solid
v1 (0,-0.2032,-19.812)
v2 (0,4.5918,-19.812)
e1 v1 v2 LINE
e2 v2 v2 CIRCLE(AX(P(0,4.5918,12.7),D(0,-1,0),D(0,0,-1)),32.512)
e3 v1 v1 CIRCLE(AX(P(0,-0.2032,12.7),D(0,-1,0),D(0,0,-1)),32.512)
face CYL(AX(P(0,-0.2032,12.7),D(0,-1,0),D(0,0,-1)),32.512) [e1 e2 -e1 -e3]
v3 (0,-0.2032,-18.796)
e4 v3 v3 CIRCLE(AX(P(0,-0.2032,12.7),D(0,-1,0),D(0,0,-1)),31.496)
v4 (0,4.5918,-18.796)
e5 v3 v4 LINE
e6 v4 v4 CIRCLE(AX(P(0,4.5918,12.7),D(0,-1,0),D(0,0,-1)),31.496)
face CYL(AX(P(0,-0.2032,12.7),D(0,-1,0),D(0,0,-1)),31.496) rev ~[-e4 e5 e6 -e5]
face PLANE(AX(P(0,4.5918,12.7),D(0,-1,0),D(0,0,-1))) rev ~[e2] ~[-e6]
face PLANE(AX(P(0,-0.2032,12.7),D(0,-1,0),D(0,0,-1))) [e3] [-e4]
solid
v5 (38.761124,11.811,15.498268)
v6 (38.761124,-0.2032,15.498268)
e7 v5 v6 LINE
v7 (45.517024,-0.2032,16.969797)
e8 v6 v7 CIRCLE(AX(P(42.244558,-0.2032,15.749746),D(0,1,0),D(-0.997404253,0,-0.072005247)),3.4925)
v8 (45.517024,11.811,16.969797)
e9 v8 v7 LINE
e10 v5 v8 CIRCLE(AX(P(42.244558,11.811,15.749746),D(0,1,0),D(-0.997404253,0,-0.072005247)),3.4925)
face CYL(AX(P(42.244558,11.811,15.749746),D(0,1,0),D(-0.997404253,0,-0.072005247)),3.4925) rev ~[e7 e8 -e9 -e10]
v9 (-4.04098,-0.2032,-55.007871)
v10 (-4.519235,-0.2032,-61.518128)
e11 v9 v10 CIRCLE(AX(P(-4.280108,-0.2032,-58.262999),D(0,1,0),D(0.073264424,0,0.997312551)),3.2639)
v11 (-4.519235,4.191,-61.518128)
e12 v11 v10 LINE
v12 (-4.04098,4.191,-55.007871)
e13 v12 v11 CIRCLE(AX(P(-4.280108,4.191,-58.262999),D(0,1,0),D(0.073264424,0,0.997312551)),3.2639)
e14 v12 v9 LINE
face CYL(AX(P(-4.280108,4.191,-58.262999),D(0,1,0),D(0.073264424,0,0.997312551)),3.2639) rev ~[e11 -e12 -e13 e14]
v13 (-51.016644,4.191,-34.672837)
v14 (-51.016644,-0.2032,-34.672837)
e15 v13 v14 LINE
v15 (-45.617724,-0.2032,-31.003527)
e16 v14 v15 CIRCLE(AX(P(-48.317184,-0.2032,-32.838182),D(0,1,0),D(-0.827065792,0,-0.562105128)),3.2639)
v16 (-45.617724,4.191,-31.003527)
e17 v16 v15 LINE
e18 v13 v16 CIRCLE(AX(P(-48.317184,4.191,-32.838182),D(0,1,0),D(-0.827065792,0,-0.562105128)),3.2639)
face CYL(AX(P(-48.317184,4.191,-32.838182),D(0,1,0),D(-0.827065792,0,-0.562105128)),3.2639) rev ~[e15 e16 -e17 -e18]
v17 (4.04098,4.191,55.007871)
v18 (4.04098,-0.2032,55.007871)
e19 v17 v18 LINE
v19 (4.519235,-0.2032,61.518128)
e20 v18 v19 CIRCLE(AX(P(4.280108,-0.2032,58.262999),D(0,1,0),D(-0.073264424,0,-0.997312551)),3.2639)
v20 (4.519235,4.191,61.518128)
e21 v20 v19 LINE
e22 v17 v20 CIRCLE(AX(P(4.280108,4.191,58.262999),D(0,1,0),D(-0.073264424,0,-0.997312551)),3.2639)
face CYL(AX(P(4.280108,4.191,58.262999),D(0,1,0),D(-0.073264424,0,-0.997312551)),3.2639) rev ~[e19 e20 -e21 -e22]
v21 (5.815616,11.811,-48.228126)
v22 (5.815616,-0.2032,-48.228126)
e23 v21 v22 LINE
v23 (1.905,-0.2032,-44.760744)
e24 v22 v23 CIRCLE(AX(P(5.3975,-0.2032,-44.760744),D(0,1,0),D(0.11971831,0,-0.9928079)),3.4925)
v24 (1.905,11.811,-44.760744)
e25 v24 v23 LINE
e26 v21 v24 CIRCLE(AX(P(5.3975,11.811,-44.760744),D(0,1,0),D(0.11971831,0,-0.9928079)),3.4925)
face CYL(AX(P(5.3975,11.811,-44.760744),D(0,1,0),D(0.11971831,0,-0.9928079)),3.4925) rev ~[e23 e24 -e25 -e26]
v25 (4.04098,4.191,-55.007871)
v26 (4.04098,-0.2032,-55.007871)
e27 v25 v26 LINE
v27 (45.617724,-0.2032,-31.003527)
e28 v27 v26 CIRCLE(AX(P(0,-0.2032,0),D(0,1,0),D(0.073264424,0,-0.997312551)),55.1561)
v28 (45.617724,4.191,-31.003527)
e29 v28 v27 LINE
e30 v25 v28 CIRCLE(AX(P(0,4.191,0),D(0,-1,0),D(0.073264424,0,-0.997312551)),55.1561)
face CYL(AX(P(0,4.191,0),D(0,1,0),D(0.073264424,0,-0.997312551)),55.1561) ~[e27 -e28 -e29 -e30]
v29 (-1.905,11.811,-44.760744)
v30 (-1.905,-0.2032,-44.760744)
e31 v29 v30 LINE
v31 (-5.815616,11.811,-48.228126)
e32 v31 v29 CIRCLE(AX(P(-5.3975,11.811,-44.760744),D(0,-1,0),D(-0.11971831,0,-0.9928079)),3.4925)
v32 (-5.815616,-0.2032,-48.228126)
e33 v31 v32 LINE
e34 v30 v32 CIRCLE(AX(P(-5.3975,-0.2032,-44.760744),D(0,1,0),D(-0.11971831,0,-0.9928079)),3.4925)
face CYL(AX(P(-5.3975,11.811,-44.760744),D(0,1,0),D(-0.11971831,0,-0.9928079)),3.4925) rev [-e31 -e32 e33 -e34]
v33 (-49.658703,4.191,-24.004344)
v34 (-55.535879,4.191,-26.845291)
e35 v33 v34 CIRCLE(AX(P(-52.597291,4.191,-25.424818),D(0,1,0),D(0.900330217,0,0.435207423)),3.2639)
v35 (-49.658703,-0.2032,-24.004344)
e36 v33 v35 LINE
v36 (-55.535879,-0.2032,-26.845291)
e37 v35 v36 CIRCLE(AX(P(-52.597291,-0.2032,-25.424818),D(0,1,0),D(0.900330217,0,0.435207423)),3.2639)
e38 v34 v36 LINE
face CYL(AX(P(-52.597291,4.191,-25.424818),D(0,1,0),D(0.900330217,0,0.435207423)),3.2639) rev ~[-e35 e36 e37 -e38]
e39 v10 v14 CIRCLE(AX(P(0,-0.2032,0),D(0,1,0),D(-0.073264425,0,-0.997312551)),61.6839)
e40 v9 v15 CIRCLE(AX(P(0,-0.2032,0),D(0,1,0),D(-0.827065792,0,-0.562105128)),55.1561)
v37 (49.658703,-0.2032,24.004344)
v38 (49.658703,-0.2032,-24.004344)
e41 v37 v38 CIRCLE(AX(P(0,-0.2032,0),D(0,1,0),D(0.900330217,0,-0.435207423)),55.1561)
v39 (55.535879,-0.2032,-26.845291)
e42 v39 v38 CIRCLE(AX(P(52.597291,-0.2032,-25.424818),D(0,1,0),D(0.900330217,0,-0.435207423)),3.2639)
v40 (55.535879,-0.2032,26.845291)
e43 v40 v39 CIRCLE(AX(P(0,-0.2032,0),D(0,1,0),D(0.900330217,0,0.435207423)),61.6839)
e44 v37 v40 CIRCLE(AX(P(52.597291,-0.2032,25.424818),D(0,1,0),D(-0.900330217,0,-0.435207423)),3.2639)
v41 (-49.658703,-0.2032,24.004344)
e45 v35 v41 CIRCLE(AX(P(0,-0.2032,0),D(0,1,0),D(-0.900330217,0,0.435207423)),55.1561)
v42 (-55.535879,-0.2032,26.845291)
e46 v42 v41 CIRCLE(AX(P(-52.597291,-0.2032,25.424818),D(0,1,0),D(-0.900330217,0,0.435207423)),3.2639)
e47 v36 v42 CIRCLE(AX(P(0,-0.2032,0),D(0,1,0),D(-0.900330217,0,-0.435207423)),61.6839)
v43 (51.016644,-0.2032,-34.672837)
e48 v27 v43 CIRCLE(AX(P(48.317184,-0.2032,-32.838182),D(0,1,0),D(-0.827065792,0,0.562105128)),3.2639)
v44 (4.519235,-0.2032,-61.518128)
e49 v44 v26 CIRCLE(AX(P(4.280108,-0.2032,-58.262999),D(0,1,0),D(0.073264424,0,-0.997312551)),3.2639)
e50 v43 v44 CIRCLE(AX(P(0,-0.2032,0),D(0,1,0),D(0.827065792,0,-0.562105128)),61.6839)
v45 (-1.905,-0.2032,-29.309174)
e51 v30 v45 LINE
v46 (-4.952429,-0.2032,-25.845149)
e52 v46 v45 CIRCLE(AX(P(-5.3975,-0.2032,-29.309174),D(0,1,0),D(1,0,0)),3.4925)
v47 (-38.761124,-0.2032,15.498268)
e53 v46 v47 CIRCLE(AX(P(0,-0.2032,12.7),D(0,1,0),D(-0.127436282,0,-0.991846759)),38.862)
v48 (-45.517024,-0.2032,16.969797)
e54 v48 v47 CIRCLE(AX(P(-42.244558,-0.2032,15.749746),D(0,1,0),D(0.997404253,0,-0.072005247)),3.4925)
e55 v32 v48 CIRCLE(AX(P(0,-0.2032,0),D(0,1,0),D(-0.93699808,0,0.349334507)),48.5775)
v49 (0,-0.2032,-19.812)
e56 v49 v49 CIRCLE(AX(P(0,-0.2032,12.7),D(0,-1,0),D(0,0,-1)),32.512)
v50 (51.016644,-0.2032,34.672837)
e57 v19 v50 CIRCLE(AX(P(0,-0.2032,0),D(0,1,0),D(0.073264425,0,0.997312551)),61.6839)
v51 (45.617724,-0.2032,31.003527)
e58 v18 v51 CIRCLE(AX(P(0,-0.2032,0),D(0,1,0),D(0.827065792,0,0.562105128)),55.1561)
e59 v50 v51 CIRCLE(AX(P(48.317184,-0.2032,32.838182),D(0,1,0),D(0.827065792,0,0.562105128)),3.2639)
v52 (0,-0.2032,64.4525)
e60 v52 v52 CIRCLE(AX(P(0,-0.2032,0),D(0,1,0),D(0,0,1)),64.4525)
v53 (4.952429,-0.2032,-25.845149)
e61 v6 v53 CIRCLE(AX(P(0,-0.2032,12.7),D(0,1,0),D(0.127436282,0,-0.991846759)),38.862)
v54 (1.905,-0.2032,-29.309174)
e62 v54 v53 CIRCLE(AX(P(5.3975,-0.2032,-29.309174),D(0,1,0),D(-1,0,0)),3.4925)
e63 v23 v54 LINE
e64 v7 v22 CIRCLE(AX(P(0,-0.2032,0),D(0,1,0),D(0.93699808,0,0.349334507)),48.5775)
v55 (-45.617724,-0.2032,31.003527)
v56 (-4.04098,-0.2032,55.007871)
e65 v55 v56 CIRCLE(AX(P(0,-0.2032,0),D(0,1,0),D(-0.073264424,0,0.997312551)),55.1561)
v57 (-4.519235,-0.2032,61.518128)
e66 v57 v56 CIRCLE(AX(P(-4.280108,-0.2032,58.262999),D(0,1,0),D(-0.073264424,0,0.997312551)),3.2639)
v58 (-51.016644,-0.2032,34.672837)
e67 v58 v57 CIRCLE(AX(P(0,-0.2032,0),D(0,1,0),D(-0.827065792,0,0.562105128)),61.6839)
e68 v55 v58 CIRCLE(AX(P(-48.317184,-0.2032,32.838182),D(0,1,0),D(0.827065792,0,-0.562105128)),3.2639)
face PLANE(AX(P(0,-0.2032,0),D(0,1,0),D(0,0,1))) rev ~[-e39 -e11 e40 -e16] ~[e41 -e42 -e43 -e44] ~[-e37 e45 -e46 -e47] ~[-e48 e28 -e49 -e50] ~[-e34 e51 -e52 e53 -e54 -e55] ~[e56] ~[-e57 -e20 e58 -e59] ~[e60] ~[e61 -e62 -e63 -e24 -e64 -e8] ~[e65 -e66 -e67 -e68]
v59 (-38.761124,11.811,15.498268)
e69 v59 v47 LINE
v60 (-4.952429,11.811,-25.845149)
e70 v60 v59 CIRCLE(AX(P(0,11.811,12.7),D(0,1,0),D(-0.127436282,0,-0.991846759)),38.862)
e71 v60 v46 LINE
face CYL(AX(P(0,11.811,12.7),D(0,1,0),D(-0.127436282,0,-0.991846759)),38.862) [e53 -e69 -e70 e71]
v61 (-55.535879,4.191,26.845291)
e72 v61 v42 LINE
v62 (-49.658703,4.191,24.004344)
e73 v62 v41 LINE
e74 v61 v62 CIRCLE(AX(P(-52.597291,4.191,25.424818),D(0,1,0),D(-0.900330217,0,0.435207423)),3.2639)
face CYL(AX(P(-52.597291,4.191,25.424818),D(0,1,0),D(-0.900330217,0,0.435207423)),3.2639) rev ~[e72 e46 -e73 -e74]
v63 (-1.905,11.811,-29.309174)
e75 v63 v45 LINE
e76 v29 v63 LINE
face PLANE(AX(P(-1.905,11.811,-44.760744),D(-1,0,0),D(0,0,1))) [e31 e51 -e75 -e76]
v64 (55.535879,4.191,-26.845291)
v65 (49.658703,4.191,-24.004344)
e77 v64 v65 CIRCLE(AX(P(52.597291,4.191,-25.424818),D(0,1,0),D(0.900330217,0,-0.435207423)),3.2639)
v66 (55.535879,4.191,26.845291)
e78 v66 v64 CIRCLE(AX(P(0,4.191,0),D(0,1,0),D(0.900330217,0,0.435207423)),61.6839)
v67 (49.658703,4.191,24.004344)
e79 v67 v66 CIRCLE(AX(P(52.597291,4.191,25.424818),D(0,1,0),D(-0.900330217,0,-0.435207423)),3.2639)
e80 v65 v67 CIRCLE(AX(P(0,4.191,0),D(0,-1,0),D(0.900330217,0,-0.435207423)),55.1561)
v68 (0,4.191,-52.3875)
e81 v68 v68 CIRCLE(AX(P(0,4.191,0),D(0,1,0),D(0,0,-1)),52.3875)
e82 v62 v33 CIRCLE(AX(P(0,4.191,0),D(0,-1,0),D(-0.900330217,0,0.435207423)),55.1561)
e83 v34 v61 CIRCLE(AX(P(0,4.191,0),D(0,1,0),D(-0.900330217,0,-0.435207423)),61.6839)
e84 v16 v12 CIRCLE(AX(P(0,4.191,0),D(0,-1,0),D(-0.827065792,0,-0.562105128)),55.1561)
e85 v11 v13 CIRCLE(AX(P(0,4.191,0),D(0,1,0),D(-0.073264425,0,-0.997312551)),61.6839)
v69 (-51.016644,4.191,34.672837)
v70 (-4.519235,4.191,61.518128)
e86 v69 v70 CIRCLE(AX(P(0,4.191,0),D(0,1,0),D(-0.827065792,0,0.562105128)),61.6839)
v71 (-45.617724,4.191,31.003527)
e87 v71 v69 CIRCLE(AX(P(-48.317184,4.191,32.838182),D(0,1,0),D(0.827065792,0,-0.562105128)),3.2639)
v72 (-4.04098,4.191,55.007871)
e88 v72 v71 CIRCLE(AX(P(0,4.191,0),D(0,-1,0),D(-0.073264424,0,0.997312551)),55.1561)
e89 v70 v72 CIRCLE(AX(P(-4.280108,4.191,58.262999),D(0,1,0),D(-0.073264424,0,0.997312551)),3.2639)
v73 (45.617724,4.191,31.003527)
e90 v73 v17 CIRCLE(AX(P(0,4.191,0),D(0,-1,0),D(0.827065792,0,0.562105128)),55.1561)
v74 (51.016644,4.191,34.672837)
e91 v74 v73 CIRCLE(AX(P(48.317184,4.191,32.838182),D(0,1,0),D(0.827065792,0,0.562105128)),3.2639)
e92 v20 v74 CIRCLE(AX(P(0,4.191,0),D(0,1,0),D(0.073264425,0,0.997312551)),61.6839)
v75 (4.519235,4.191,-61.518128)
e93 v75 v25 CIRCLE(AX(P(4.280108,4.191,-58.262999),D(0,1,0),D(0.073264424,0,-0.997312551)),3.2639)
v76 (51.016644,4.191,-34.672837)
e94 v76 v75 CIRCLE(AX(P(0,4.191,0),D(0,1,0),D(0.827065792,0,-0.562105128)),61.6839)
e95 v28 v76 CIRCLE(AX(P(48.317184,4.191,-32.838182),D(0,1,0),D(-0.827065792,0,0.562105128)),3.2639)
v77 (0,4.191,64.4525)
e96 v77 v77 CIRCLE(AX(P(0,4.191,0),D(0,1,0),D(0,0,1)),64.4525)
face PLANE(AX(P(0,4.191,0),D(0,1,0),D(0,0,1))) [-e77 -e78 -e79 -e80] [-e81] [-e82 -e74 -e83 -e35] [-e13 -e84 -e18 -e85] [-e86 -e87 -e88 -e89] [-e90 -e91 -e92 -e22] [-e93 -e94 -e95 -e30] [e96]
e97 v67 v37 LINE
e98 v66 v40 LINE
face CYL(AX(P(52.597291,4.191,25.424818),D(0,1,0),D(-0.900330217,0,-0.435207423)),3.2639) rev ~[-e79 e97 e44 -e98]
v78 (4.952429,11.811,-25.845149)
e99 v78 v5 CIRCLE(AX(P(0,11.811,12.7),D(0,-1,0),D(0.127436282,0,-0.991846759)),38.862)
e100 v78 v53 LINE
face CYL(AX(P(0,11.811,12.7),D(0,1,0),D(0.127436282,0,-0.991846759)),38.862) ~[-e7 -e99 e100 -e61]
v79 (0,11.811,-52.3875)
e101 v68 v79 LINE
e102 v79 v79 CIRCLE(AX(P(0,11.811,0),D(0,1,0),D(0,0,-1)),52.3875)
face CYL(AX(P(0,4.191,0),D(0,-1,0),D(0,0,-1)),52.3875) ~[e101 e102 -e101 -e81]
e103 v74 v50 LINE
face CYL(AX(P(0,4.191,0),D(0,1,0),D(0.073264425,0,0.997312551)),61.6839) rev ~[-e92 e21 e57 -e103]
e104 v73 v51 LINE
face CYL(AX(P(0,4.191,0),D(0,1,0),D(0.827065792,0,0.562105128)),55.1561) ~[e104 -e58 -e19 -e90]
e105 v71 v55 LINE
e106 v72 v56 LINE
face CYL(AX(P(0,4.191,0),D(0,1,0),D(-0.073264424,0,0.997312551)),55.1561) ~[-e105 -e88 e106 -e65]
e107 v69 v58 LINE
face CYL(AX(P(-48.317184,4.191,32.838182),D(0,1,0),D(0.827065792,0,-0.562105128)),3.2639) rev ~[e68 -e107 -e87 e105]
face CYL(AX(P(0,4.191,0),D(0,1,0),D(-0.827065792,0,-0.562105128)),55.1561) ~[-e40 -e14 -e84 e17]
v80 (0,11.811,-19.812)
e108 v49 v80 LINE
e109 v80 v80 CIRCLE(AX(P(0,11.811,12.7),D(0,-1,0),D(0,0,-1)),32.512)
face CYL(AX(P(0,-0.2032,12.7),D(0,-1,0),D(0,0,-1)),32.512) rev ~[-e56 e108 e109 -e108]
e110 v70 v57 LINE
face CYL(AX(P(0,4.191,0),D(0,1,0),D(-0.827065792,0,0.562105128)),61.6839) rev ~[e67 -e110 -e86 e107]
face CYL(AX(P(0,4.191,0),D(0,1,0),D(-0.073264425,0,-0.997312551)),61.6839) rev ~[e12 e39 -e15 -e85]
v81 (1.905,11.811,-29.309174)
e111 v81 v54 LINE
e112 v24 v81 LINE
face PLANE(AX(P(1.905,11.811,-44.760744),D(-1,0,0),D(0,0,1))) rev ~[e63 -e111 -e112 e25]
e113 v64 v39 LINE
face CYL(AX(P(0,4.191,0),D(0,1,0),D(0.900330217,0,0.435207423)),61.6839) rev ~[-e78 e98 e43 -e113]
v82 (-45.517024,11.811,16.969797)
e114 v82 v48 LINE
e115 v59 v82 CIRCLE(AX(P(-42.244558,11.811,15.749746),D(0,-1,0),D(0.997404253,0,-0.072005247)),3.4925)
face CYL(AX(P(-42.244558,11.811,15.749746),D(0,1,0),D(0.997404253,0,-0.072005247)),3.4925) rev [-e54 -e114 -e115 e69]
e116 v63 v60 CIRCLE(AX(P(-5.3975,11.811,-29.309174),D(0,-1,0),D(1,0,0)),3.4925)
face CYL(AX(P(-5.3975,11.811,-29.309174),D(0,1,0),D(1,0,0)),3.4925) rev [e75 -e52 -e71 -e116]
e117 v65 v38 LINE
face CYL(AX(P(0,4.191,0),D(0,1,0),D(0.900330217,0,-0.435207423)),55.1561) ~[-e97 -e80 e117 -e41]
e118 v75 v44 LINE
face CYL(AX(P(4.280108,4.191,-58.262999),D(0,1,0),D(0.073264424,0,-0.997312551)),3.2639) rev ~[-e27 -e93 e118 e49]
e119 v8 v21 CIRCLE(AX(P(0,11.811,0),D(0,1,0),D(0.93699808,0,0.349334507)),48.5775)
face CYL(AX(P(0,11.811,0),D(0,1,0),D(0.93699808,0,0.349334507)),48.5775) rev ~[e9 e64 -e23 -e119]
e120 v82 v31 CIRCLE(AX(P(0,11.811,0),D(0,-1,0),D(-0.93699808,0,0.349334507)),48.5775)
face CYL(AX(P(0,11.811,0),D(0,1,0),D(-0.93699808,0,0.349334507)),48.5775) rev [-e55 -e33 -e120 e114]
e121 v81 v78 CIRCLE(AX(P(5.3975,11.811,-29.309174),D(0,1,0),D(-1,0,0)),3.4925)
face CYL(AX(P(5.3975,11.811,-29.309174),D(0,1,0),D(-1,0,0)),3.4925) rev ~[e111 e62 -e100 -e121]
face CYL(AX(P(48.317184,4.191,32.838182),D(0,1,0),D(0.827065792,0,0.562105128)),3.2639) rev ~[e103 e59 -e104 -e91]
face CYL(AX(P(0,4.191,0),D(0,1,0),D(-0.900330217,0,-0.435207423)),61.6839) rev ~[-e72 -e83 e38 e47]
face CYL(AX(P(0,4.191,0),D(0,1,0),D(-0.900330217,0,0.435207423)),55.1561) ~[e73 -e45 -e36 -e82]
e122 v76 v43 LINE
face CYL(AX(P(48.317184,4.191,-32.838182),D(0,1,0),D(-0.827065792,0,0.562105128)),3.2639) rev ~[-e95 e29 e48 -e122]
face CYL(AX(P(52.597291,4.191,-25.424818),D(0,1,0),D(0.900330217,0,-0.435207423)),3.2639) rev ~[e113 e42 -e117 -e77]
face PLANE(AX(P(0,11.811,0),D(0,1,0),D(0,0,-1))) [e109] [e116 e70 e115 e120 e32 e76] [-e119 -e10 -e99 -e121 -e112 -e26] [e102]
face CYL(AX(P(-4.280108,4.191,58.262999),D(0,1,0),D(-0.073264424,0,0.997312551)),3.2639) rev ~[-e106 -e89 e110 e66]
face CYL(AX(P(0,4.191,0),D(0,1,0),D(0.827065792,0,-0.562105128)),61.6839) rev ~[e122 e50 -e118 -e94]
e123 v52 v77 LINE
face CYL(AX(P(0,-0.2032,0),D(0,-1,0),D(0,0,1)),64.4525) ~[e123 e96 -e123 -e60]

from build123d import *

# Parameters (mm, degrees)
SLOTTED_BODY_EXTRUDE_DEPTH      = 4.191
SLOTTED_BODY_EXTRUDE_DEPTH_BACK = 0.2032
SKETCH1_R                       = 64.4525
SKETCH1_R_2                     = 30.988
SKETCH5_R                       = 52.3875
BOSS_EXTRUDE3_DEPTH             = 7.62
SKETCH6_R                       = 32.512
CUT_EXTRUDE5_DEPTH              = 92.937971014
SKETCH8_R                       = 32.512
SKETCH8_R_2                     = 31.496
BOSS_EXTRUDE4_DEPTH             = 4.795000062
CUT_EXTRUDE6_DEPTH              = 92.937971014
CUT_EXTRUDE7_DEPTH              = 92.467556612


with BuildPart() as part:
    # Sketch1 → Slotted-Body Extrude (new, two sides: drawn at the far end of the back side and taken through both)
    with BuildSketch(Plane(origin=(0, 0, 0), x_dir=(1, 0, 0), z_dir=(0, 1, 0)).offset(-SLOTTED_BODY_EXTRUDE_DEPTH_BACK)):
        Circle(SKETCH1_R)
        with Locations((0, -12.7)):
            Circle(SKETCH1_R_2, mode=Mode.SUBTRACT)
    extrude(amount=SLOTTED_BODY_EXTRUDE_DEPTH + SLOTTED_BODY_EXTRUDE_DEPTH_BACK)

    # Sketch5 → Boss-Extrude3 (add)
    with BuildSketch(Plane(origin=(0, 4.191, 0), x_dir=(1, 0, 0), z_dir=(0, 1, 0))):
        Circle(SKETCH5_R)
    extrude(amount=BOSS_EXTRUDE3_DEPTH)

    # Sketch6 → Cut-Extrude5 (cut, through all)
    with BuildSketch(Plane.XZ.offset(0.2032)):
        with Locations((0, 12.7)):
            Circle(SKETCH6_R)
    extrude(amount=-CUT_EXTRUDE5_DEPTH, mode=Mode.SUBTRACT)

    # Sketch16 → Cut-Extrude6 (cut, through all)
    with BuildSketch(Plane(origin=(0, 11.811, 0), x_dir=(1, 0, 0), z_dir=(0, 1, 0))):
        with BuildLine():
            ThreePointArc((5.815616197, 48.228125762), (3.080466829, 47.37396317), (1.905, 44.760744171))
            Line((1.905, 44.760744171), (1.905, 29.30917357))
            ThreePointArc((1.905, 29.30917357), (2.775290296, 27.00232019), (4.952428786, 25.845148763))
            ThreePointArc((4.952428786, 25.845148763), (30.083852846, 11.901155297), (38.761124089, -15.498267924))
            ThreePointArc((38.761124089, -15.498267924), (41.501270881, -19.162235056), (45.517024238, -16.969797016))
            ThreePointArc((45.517024238, -16.969797016), (41.490387768, 25.265019871), (5.815616197, 48.228125762))
        make_face()
        with BuildLine():
            Line((-1.905, 29.30917357), (-1.905, 44.760744171))
            ThreePointArc((-1.905, 44.760744171), (-3.080466829, 47.37396317), (-5.815616197, 48.228125762))
            ThreePointArc((-5.815616197, 48.228125762), (-41.490387768, 25.265019871), (-45.517024238, -16.969797016))
            ThreePointArc((-45.517024238, -16.969797016), (-41.501270881, -19.162235056), (-38.761124089, -15.498267924))
            ThreePointArc((-38.761124089, -15.498267924), (-30.083852846, 11.901155297), (-4.952428786, 25.845148763))
            ThreePointArc((-4.952428786, 25.845148763), (-2.775290296, 27.00232019), (-1.905, 29.30917357))
        make_face()
    extrude(amount=-CUT_EXTRUDE6_DEPTH, mode=Mode.SUBTRACT)

    # Sketch12 → Cut-Extrude7 (cut, through all)
    with BuildSketch(Plane(origin=(0, 4.191, 0), x_dir=(1, 0, 0), z_dir=(0, 1, 0))):
        with BuildLine():
            ThreePointArc((-51.016643626, -34.67283652), (-30.84195, -53.419824404), (-4.519235435, -61.518127656))
            ThreePointArc((-4.519235435, -61.518127656), (-1.024979245, -58.502126976), (-4.040979925, -55.007870786))
            ThreePointArc((-4.040979925, -55.007870786), (-27.57805, -47.766583774), (-45.617723547, -31.003526664))
            ThreePointArc((-45.617723547, -31.003526664), (-50.151838514, -30.138721553), (-51.016643626, -34.67283652))
        make_face()
        with BuildLine():
            ThreePointArc((-55.535879061, -26.845291136), (-51.176817759, -28.363405424), (-49.658703471, -24.004344122))
            ThreePointArc((-49.658703471, -24.004344122), (-55.1561, 0), (-49.658703471, 24.004344122))
            ThreePointArc((-49.658703471, 24.004344122), (-51.176817759, 28.363405424), (-55.535879061, 26.845291136))
            ThreePointArc((-55.535879061, 26.845291136), (-61.6839, 0), (-55.535879061, -26.845291136))
        make_face()
        with BuildLine():
            ThreePointArc((-51.016643626, 34.67283652), (-50.151838514, 30.138721553), (-45.617723547, 31.003526664))
            ThreePointArc((-45.617723547, 31.003526664), (-27.57805, 47.766583774), (-4.040979925, 55.007870786))
            ThreePointArc((-4.040979925, 55.007870786), (-1.024979245, 58.502126976), (-4.519235435, 61.518127656))
            ThreePointArc((-4.519235435, 61.518127656), (-30.84195, 53.419824404), (-51.016643626, 34.67283652))
        make_face()
        with BuildLine():
            ThreePointArc((4.519235435, 61.518127656), (1.024979245, 58.502126976), (4.040979925, 55.007870786))
            ThreePointArc((4.040979925, 55.007870786), (27.57805, 47.766583774), (45.617723547, 31.003526664))
            ThreePointArc((45.617723547, 31.003526664), (50.151838514, 30.138721553), (51.016643626, 34.67283652))
            ThreePointArc((51.016643626, 34.67283652), (30.84195, 53.419824404), (4.519235435, 61.518127656))
        make_face()
        with BuildLine():
            ThreePointArc((55.535879061, 26.845291136), (51.176817759, 28.363405424), (49.658703471, 24.004344122))
            ThreePointArc((49.658703471, 24.004344122), (55.1561, 0), (49.658703471, -24.004344122))
            ThreePointArc((49.658703471, -24.004344122), (51.176817759, -28.363405424), (55.535879061, -26.845291136))
            ThreePointArc((55.535879061, -26.845291136), (61.6839, 0), (55.535879061, 26.845291136))
        make_face()
        with BuildLine():
            ThreePointArc((51.016643626, -34.67283652), (50.151838514, -30.138721553), (45.617723547, -31.003526664))
            ThreePointArc((45.617723547, -31.003526664), (27.57805, -47.766583774), (4.040979925, -55.007870786))
            ThreePointArc((4.040979925, -55.007870786), (1.024979245, -58.502126976), (4.519235435, -61.518127656))
            ThreePointArc((4.519235435, -61.518127656), (30.84195, -53.419824404), (51.016643626, -34.67283652))
        make_face()
    extrude(amount=-CUT_EXTRUDE7_DEPTH, mode=Mode.SUBTRACT)


with BuildPart() as body_2:
    # Sketch8 → Boss-Extrude4 (new body)
    with BuildSketch(Plane.XZ.offset(0.2032)):
        with Locations((0, 12.7)):
            Circle(SKETCH8_R)
        with Locations((0, 12.7)):
            Circle(SKETCH8_R_2, mode=Mode.SUBTRACT)
    extrude(amount=-BOSS_EXTRUDE4_DEPTH)


solid = Compound([part.part, body_2.part])
